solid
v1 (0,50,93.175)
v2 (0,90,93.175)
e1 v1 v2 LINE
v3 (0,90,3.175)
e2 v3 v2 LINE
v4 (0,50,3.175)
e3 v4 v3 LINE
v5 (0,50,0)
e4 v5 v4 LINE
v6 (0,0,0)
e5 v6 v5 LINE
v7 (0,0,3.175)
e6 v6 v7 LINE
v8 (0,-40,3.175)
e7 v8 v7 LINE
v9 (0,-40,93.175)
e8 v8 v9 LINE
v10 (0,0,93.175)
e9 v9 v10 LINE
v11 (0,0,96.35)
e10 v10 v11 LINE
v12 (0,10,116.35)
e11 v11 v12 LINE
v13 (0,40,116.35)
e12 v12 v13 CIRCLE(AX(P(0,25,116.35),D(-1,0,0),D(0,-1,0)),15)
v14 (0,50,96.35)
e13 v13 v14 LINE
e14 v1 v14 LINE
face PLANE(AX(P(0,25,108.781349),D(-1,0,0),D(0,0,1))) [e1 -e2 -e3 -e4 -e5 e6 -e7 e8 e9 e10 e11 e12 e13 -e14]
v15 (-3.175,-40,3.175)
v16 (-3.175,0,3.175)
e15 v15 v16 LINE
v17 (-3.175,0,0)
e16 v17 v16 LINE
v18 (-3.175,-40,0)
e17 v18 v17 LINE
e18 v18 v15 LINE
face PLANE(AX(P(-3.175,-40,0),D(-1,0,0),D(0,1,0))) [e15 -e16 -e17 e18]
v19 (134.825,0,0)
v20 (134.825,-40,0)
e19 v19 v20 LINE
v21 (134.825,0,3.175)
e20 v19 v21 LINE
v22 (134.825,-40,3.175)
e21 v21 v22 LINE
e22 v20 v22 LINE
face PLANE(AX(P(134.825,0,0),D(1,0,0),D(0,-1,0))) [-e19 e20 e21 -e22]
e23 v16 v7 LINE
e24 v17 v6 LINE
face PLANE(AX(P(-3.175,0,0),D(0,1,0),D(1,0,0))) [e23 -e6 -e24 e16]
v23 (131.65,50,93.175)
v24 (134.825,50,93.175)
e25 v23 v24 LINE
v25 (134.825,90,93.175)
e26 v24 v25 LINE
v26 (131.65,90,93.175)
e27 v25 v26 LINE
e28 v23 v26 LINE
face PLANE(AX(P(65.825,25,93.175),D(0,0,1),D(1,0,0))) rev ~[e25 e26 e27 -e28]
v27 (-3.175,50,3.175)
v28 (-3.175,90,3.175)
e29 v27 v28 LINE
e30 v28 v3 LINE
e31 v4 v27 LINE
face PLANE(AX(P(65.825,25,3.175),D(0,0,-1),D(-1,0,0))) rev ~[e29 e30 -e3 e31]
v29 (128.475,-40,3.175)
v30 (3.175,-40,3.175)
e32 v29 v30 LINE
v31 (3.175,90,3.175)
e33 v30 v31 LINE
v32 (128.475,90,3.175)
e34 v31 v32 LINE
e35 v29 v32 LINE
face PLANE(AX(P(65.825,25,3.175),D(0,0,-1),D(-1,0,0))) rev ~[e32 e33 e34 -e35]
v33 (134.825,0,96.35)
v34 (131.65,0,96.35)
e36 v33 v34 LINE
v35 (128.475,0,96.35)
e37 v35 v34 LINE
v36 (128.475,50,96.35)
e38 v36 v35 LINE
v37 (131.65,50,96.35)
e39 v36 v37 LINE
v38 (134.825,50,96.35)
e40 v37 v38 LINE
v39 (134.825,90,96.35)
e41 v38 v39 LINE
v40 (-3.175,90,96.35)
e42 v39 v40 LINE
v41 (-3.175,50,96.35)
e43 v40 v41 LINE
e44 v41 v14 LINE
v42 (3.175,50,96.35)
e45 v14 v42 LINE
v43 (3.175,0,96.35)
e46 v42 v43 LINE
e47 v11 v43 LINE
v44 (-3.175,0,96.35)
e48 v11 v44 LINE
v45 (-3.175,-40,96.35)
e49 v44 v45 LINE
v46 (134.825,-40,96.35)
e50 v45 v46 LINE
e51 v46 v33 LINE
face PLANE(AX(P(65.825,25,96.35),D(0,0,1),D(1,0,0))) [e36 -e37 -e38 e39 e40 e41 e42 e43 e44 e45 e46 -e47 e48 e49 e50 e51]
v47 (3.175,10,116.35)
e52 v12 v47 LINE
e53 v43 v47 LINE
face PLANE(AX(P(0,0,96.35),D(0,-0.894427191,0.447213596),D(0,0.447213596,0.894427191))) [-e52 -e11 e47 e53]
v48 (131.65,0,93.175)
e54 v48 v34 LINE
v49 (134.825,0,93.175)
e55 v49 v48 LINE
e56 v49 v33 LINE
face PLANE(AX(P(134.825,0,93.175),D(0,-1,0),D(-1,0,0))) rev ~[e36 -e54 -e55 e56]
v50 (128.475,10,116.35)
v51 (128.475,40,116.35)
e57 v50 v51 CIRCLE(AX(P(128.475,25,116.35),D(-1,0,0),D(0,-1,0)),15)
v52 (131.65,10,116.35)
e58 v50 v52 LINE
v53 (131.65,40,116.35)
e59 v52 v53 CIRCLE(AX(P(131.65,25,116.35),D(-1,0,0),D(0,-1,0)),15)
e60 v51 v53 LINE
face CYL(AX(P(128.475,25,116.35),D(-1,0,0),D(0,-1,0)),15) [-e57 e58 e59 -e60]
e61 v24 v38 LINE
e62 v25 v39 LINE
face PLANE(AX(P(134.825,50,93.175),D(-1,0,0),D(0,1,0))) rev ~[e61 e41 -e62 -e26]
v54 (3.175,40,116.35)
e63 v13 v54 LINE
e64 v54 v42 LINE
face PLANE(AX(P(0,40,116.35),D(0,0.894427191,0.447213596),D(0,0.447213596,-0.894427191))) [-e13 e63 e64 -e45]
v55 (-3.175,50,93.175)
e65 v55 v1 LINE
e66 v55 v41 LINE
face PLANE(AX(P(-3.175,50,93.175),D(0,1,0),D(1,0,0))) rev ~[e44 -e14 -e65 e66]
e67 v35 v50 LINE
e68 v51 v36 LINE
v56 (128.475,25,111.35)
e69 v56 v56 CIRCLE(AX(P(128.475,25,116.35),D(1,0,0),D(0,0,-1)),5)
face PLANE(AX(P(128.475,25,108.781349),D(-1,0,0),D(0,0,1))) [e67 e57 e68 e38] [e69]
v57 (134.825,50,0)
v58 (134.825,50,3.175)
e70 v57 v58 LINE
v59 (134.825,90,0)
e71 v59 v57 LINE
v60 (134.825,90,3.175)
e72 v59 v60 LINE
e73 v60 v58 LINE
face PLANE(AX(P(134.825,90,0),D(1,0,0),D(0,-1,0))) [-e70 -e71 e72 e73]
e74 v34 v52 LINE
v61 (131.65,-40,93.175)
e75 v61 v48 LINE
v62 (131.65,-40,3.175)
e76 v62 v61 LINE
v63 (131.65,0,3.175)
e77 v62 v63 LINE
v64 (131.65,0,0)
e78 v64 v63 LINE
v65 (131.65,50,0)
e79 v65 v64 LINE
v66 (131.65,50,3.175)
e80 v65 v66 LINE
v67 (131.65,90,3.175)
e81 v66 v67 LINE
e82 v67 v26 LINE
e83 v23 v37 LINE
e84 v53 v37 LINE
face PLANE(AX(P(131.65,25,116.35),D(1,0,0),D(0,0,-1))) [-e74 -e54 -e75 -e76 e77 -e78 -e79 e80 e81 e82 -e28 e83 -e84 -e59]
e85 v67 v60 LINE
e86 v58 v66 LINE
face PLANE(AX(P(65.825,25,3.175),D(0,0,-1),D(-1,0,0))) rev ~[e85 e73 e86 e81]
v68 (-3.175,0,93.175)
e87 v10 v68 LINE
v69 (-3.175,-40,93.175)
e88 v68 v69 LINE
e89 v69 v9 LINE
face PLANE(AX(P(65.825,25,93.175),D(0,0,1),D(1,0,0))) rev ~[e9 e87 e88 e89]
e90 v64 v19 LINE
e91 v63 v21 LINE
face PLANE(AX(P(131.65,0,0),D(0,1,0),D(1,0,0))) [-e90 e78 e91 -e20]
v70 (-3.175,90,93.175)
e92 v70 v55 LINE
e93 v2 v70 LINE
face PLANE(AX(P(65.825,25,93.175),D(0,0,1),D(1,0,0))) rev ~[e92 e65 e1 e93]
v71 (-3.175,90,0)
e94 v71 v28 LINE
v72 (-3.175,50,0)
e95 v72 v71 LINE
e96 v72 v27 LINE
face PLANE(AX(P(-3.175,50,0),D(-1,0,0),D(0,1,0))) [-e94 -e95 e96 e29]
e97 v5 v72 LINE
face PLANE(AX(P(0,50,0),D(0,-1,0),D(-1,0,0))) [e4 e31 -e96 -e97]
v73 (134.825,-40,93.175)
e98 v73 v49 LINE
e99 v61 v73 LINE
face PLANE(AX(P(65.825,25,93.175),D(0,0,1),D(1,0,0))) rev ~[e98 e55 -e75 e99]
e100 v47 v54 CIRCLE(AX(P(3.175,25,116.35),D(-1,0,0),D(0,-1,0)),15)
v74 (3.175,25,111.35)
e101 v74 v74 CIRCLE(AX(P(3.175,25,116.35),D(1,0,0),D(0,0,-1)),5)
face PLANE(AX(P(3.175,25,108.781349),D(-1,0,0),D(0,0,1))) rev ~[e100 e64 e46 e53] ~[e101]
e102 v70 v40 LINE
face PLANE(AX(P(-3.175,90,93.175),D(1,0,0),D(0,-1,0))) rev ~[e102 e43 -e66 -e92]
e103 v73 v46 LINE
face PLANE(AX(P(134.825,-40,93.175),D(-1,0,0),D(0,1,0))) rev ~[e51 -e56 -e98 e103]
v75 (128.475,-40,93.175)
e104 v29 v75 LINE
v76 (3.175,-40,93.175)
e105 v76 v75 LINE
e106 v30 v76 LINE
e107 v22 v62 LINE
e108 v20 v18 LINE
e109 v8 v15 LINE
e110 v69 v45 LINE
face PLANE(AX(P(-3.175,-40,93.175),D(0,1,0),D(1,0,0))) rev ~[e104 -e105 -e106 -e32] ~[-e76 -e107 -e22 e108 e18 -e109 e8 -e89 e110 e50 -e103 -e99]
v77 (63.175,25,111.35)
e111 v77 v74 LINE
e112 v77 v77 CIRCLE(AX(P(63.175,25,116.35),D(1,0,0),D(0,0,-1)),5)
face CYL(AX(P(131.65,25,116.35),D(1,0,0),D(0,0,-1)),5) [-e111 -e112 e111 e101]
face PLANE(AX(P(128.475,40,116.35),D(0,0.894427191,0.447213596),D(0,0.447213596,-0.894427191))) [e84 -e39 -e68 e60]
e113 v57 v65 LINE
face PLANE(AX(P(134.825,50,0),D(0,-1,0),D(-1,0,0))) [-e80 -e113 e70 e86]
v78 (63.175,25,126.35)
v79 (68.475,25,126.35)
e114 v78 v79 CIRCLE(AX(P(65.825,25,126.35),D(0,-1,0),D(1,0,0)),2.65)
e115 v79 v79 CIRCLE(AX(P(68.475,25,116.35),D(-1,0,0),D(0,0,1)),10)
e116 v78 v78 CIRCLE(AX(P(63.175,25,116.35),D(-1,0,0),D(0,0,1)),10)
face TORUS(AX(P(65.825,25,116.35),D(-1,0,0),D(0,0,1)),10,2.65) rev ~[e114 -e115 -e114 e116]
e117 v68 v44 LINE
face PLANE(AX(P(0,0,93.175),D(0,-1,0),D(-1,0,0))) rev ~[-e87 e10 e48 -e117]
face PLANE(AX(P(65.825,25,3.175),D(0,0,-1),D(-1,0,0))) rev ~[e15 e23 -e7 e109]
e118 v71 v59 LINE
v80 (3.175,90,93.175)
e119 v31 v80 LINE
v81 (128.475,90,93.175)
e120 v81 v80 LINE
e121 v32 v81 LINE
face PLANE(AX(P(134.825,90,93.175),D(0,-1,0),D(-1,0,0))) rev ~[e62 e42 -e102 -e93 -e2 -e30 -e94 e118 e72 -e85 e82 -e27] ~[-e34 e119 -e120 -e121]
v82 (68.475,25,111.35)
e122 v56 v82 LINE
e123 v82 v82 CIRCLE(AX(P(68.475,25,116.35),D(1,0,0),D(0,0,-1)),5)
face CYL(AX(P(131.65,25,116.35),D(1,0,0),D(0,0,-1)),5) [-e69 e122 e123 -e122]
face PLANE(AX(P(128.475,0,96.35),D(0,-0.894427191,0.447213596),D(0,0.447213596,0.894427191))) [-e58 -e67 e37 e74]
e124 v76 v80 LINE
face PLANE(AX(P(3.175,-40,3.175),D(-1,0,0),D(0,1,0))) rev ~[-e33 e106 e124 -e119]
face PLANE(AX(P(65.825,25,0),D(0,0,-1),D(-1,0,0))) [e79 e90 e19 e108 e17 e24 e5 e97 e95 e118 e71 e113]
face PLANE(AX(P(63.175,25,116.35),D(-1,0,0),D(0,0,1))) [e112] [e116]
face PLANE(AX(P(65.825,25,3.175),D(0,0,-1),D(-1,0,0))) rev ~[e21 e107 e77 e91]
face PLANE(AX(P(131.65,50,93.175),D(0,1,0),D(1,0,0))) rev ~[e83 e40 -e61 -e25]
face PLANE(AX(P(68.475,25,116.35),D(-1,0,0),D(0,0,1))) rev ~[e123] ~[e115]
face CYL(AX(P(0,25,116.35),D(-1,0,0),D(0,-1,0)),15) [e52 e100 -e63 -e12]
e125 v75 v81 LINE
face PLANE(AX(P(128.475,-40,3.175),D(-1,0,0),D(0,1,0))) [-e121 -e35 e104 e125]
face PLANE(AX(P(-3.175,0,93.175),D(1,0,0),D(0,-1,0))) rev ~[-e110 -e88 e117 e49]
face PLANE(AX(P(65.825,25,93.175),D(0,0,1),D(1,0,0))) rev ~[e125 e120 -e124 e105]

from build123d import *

# Parameters (mm, degrees)
BOSS_EXTRUDE1_DEPTH = 3.175
SKETCH3_W           = 3.175
SKETCH3_H           = 130
BOSS_EXTRUDE2_DEPTH = 90
BOSS_EXTRUDE3_DEPTH = 3.175
BOSS_EXTRUDE4_DEPTH = 3.175
BOSS_EXTRUDE5_START = -3.175
BOSS_EXTRUDE5_DEPTH = 3.175
SKETCH7_R           = 5
BOSS_EXTRUDE6_DEPTH = 128.475
SKETCH8_R           = 10
BOSS_EXTRUDE7_DEPTH = 5.3
SKETCH10_R          = 2.65


with BuildPart() as part:
    # Sketch2 → Boss-Extrude1 (new body)
    with BuildSketch(Plane.XY):
        Polygon((0, 50), (-3.175, 50), (-3.175, 90), (134.825, 90), (134.825, 50), (131.65, 50), (131.65, 0), (134.825, 0), (134.825, -40), (-3.175, -40), (-3.175, 0), (0, 0), align=None)
    extrude(amount=BOSS_EXTRUDE1_DEPTH)

    # Sketch3 → Boss-Extrude2 (add)
    with BuildSketch(Plane.XY.offset(3.175)):
        with Locations((1.5875, 25)):
            Rectangle(SKETCH3_W, SKETCH3_H)
        with Locations((130.0625, 25)):
            Rectangle(SKETCH3_W, SKETCH3_H)
    extrude(amount=BOSS_EXTRUDE2_DEPTH)

    # Sketch4 → Boss-Extrude3 (add)
    with BuildSketch(Plane.XY.offset(93.175)):
        Polygon((131.65, 50), (134.825, 50), (134.825, 90), (-3.175, 90), (-3.175, 50), (-1.5875, 50), (0, 50), (0, 0), (-3.175, 0), (-3.175, -40), (134.825, -40), (134.825, 0), (131.65, 0), align=None)
    extrude(amount=BOSS_EXTRUDE3_DEPTH)

    # Sketch5 → Boss-Extrude4 (add)
    with BuildSketch(Plane.ZY):
        with BuildLine():
            Line((96.35, 50), (96.35, 0))
            Line((96.35, 0), (116.35, 10))
            ThreePointArc((116.35, 10), (131.35, 25), (116.35, 40))
            Line((116.35, 40), (96.35, 50))
        make_face()
    extrude(amount=-BOSS_EXTRUDE4_DEPTH)

    # Sketch6 → Boss-Extrude5 (add)
    with BuildSketch(Plane(origin=(131.65, 0, 0), x_dir=(0, 0, -1), z_dir=(1, 0, 0)).offset(BOSS_EXTRUDE5_START)):
        with BuildLine():
            Line((-96.35, 0), (-116.35, 10))
            ThreePointArc((-116.35, 10), (-131.35, 25), (-116.35, 40))
            Line((-116.35, 40), (-96.35, 50))
            Line((-96.35, 50), (-96.35, 0))
        make_face()
    extrude(amount=BOSS_EXTRUDE5_DEPTH)

    # Sketch7 → Boss-Extrude6 (add)
    with BuildSketch(Plane(origin=(131.65, 0, 0), x_dir=(0, 0, -1), z_dir=(1, 0, 0))):
        with Locations((-116.35, 25)):
            Circle(SKETCH7_R)
    extrude(amount=-BOSS_EXTRUDE6_DEPTH)

    # Sketch8 → Boss-Extrude7 (add)
    with BuildSketch(Plane.ZY.offset(-68.475)):
        with Locations((116.35, 25)):
            Circle(SKETCH8_R)
    extrude(amount=BOSS_EXTRUDE7_DEPTH)

    # Sketch10 → Cut-Revolve1 (revolve, cut)
    with BuildSketch(Plane(origin=(0, 25, 0), x_dir=(1, 0, 0), z_dir=(0, 1, 0)), mode=Mode.PRIVATE) as cut_revolve1_sk:
        with Locations((65.825, -106.35)):
            Circle(SKETCH10_R)
    revolve(cut_revolve1_sk.sketch.rotate(Axis((63.175, 25, 116.35), (-1, 0, 0)), 180), axis=Axis((63.175, 25, 116.35), (-1, 0, 0)), mode=Mode.SUBTRACT)


solid = part.part
